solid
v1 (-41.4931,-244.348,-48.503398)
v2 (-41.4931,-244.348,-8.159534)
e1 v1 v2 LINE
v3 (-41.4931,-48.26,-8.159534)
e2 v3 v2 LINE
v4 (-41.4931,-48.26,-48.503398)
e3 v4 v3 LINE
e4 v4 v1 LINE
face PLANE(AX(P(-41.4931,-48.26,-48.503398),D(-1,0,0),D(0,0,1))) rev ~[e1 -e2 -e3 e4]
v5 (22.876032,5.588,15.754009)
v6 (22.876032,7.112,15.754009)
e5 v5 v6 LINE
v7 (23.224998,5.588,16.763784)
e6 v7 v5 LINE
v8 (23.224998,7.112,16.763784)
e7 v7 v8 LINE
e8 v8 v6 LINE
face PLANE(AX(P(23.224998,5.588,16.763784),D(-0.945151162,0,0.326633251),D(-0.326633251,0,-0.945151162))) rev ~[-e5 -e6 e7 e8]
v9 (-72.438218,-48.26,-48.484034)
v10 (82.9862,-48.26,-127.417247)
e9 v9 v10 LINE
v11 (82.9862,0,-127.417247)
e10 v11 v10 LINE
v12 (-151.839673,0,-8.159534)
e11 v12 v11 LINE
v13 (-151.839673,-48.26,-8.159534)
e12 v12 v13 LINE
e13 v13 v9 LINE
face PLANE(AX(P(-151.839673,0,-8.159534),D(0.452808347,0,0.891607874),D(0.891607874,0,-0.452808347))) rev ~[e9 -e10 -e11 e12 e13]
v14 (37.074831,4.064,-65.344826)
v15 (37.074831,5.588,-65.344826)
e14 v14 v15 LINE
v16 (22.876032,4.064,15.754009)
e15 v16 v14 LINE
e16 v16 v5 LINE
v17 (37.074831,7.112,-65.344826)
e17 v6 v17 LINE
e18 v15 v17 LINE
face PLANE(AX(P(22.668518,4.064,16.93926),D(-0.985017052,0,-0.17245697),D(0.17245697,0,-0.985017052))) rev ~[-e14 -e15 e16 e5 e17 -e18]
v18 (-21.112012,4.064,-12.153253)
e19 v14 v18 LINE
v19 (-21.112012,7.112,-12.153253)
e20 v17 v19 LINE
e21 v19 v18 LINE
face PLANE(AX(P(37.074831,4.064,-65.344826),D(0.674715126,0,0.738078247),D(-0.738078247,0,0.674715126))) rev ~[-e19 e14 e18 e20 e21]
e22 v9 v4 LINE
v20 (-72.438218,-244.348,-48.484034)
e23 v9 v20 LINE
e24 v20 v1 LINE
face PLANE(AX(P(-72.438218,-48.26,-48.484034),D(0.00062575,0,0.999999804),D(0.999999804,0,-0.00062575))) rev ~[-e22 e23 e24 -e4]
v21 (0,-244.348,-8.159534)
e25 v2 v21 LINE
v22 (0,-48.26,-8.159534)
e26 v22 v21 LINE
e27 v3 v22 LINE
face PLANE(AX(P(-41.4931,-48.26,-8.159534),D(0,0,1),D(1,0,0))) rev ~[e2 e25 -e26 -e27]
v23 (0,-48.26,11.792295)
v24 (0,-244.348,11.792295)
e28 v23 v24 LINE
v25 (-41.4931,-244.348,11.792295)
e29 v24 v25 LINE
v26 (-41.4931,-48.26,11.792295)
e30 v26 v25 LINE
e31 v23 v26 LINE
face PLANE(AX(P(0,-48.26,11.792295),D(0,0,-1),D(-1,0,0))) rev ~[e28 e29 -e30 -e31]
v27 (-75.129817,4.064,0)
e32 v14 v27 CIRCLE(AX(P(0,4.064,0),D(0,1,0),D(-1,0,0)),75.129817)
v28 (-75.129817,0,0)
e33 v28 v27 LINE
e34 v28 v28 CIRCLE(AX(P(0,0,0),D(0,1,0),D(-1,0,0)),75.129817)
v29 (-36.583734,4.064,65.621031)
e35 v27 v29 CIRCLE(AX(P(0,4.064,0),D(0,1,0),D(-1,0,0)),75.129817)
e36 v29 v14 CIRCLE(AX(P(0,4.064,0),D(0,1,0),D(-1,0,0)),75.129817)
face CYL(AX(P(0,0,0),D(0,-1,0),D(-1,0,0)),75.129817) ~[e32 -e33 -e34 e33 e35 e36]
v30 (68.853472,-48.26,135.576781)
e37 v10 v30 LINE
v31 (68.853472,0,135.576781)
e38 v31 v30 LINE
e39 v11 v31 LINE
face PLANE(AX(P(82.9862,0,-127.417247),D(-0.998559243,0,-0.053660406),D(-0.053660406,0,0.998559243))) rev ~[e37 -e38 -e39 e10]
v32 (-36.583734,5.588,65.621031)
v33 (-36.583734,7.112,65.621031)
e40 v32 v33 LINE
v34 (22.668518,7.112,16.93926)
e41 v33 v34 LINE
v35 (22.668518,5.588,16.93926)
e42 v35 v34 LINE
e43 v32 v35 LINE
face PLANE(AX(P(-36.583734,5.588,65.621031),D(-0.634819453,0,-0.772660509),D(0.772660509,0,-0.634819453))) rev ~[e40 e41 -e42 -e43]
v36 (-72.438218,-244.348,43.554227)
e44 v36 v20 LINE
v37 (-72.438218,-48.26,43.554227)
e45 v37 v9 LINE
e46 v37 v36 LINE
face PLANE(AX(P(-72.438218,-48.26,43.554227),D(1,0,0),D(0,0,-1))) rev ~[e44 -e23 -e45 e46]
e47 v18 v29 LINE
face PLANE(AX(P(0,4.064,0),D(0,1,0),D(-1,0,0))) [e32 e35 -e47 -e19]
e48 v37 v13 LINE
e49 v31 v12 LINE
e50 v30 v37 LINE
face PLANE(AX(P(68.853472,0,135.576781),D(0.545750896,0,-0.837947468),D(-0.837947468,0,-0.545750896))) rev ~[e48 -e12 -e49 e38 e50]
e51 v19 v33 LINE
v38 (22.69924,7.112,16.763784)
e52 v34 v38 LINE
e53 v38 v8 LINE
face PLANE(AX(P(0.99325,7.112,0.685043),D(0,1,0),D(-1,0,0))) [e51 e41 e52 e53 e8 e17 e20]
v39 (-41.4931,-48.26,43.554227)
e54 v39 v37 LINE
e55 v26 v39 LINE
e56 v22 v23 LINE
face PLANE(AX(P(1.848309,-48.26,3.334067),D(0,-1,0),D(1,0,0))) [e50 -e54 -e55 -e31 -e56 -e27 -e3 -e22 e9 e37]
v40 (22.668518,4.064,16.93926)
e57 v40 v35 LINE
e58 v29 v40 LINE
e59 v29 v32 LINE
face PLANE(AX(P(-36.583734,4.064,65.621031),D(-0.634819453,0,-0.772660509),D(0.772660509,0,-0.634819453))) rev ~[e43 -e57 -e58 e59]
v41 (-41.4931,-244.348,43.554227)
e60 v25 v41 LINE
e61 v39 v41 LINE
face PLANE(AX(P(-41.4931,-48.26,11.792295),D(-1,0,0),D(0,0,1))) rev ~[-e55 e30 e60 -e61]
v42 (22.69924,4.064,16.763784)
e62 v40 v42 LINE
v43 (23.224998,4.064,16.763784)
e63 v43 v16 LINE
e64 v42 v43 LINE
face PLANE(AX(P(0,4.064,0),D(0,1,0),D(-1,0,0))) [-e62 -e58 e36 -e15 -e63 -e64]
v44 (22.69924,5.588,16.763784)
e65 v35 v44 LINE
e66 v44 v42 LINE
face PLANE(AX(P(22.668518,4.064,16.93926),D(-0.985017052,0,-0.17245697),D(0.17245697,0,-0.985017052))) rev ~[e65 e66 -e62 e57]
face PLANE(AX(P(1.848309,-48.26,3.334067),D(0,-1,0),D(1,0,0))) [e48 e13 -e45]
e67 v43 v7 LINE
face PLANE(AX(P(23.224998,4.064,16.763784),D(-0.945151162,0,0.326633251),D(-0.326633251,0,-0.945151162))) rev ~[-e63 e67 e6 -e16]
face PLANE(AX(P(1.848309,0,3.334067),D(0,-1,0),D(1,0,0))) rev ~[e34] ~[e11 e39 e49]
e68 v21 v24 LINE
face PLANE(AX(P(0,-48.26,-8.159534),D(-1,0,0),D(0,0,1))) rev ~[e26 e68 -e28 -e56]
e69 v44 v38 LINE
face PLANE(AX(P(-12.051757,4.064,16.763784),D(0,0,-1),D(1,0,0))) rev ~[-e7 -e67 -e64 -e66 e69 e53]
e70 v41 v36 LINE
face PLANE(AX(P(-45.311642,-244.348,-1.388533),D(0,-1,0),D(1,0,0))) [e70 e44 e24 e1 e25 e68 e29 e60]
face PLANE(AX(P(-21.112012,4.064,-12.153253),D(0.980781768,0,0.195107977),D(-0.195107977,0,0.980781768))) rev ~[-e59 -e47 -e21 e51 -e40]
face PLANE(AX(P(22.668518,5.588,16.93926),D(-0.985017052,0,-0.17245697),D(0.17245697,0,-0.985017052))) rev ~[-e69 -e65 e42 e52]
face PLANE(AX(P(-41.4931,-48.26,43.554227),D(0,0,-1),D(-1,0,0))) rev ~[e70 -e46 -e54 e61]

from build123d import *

# Parameters (mm, degrees)
F1_DEPTH = 48.26
F2_R     = 75.1298165033
F3_DEPTH = 4.064
F6_DEPTH = 1.524
F7_DEPTH = 1.524
F9_DEPTH = 196.088


with BuildPart() as f1:
    # F0 (on Front) → F1 (new body)
    with BuildSketch(Plane.XZ):
        with BuildLine():
            ThreePointArc((-34.4267364961, -67.788390466), (39.7682207439, -64.7993417143), (76.0293763472, 0))
            ThreePointArc((76.0293763472, 0), (76.0019863824, 2.0406209035), (75.9198362228, 4.0797715191))
            ThreePointArc((75.9198362228, 4.0797715191), (34.4267338783, 67.7883917955), (-41.4931009863, 63.7086229507))
            ThreePointArc((-41.4931009863, 63.7086229507), (-75.9198364409, -4.0797674593), (-34.4267364961, -67.788390466))
        make_face()
        with BuildLine():
            Line((-151.8396729123, -8.159534353), (-34.4267364961, -67.788390466))
            ThreePointArc((-34.4267364961, -67.788390466), (-75.9198364409, -4.0797674593), (-41.4931009863, 63.7086229507))
            Line((-41.4931009863, 63.7086229507), (-151.8396729123, -8.159534353))
        make_face()
        with BuildLine():
            ThreePointArc((-41.4931009863, 63.7086229507), (34.4267338783, 67.7883917955), (75.9198362228, 4.0797715191))
            Line((75.9198362228, 4.0797715191), (68.8534724234, 135.5767812208))
            Line((68.8534724234, 135.5767812208), (-41.4931009863, 63.7086229507))
        make_face()
        with BuildLine():
            ThreePointArc((75.9198362228, 4.0797715191), (76.0019863824, 2.0406209035), (76.0293763472, 0))
            ThreePointArc((76.0293763472, 0), (39.7682207439, -64.7993417143), (-34.4267364961, -67.788390466))
            Line((-34.4267364961, -67.788390466), (82.9862004889, -127.4172468679))
            Line((82.9862004889, -127.4172468679), (75.9198362228, 4.0797715191))
        make_face()
    extrude(amount=F1_DEPTH)

    # F2 (on face) → F3 (join)
    with BuildSketch(Plane(origin=(0, 0, 0), x_dir=(-1, 0, 0), z_dir=(0, 1, 0))):
        Circle(F2_R)
    extrude(amount=F3_DEPTH)

    # F4 (on face) + F5 (on face) → F6 (join)
    with BuildSketch(Plane(origin=(0, 4.064, 0), x_dir=(-1, 0, 0), z_dir=(0, 1, 0))):
        Polygon((21.1120117456, -12.1532529593), (36.5837341302, 65.6210311174), (-22.6685176048, 16.9392599994), (-37.0748307403, -65.3448257584), align=None)
    with BuildSketch(Plane(origin=(0, 4.064, 0), x_dir=(-1, 0, 0), z_dir=(0, 1, 0))):
        Polygon((-11.7188123986, -16.5306981653), (21.1120117456, -11.42368), (12.0517571455, 16.7637839913), (-23.2249982655, 16.7637839913), align=None)
    extrude(amount=F6_DEPTH)

    # F5 (on face) + F6_face (on face) → F7 (join)
    with BuildSketch(Plane(origin=(0, 4.064, 0), x_dir=(-1, 0, 0), z_dir=(0, 1, 0))):
        Polygon((-11.7188123986, -16.5306981653), (21.1120117456, -11.42368), (12.0517571455, 16.7637839913), (-23.2249982655, 16.7637839913), align=None)
    with BuildSketch(Plane(origin=(0.8615921518, 5.588, 1.1811459069), x_dir=(-1, 0, 0), z_dir=(0, 1, 0))):
        Polygon((-36.2132385885, -66.5259716654), (21.9736038974, -13.3343988662), (37.445326282, 64.4398852105), (-21.806925453, 15.7581140924), (-21.8376478253, 15.5826380844), (-22.3634061137, 15.5826380844), (-22.0144394867, 14.5728627107), align=None)
    extrude(amount=F7_DEPTH)

    # F8 (on face) → F9 (join)
    with BuildSketch(Plane.XZ.offset(48.26)):
        Polygon((-72.4382175174, 43.5542269979), (-72.4382175174, -48.4840343904), (-41.4931002444, -48.503398313), (-41.4931002444, -8.159534353), (0, -8.159534353), (0, 11.7922946811), (-41.4931002444, 11.7922946811), (-41.4931002444, 43.5542269979), align=None)
    extrude(amount=F9_DEPTH)


solid = f1.part
